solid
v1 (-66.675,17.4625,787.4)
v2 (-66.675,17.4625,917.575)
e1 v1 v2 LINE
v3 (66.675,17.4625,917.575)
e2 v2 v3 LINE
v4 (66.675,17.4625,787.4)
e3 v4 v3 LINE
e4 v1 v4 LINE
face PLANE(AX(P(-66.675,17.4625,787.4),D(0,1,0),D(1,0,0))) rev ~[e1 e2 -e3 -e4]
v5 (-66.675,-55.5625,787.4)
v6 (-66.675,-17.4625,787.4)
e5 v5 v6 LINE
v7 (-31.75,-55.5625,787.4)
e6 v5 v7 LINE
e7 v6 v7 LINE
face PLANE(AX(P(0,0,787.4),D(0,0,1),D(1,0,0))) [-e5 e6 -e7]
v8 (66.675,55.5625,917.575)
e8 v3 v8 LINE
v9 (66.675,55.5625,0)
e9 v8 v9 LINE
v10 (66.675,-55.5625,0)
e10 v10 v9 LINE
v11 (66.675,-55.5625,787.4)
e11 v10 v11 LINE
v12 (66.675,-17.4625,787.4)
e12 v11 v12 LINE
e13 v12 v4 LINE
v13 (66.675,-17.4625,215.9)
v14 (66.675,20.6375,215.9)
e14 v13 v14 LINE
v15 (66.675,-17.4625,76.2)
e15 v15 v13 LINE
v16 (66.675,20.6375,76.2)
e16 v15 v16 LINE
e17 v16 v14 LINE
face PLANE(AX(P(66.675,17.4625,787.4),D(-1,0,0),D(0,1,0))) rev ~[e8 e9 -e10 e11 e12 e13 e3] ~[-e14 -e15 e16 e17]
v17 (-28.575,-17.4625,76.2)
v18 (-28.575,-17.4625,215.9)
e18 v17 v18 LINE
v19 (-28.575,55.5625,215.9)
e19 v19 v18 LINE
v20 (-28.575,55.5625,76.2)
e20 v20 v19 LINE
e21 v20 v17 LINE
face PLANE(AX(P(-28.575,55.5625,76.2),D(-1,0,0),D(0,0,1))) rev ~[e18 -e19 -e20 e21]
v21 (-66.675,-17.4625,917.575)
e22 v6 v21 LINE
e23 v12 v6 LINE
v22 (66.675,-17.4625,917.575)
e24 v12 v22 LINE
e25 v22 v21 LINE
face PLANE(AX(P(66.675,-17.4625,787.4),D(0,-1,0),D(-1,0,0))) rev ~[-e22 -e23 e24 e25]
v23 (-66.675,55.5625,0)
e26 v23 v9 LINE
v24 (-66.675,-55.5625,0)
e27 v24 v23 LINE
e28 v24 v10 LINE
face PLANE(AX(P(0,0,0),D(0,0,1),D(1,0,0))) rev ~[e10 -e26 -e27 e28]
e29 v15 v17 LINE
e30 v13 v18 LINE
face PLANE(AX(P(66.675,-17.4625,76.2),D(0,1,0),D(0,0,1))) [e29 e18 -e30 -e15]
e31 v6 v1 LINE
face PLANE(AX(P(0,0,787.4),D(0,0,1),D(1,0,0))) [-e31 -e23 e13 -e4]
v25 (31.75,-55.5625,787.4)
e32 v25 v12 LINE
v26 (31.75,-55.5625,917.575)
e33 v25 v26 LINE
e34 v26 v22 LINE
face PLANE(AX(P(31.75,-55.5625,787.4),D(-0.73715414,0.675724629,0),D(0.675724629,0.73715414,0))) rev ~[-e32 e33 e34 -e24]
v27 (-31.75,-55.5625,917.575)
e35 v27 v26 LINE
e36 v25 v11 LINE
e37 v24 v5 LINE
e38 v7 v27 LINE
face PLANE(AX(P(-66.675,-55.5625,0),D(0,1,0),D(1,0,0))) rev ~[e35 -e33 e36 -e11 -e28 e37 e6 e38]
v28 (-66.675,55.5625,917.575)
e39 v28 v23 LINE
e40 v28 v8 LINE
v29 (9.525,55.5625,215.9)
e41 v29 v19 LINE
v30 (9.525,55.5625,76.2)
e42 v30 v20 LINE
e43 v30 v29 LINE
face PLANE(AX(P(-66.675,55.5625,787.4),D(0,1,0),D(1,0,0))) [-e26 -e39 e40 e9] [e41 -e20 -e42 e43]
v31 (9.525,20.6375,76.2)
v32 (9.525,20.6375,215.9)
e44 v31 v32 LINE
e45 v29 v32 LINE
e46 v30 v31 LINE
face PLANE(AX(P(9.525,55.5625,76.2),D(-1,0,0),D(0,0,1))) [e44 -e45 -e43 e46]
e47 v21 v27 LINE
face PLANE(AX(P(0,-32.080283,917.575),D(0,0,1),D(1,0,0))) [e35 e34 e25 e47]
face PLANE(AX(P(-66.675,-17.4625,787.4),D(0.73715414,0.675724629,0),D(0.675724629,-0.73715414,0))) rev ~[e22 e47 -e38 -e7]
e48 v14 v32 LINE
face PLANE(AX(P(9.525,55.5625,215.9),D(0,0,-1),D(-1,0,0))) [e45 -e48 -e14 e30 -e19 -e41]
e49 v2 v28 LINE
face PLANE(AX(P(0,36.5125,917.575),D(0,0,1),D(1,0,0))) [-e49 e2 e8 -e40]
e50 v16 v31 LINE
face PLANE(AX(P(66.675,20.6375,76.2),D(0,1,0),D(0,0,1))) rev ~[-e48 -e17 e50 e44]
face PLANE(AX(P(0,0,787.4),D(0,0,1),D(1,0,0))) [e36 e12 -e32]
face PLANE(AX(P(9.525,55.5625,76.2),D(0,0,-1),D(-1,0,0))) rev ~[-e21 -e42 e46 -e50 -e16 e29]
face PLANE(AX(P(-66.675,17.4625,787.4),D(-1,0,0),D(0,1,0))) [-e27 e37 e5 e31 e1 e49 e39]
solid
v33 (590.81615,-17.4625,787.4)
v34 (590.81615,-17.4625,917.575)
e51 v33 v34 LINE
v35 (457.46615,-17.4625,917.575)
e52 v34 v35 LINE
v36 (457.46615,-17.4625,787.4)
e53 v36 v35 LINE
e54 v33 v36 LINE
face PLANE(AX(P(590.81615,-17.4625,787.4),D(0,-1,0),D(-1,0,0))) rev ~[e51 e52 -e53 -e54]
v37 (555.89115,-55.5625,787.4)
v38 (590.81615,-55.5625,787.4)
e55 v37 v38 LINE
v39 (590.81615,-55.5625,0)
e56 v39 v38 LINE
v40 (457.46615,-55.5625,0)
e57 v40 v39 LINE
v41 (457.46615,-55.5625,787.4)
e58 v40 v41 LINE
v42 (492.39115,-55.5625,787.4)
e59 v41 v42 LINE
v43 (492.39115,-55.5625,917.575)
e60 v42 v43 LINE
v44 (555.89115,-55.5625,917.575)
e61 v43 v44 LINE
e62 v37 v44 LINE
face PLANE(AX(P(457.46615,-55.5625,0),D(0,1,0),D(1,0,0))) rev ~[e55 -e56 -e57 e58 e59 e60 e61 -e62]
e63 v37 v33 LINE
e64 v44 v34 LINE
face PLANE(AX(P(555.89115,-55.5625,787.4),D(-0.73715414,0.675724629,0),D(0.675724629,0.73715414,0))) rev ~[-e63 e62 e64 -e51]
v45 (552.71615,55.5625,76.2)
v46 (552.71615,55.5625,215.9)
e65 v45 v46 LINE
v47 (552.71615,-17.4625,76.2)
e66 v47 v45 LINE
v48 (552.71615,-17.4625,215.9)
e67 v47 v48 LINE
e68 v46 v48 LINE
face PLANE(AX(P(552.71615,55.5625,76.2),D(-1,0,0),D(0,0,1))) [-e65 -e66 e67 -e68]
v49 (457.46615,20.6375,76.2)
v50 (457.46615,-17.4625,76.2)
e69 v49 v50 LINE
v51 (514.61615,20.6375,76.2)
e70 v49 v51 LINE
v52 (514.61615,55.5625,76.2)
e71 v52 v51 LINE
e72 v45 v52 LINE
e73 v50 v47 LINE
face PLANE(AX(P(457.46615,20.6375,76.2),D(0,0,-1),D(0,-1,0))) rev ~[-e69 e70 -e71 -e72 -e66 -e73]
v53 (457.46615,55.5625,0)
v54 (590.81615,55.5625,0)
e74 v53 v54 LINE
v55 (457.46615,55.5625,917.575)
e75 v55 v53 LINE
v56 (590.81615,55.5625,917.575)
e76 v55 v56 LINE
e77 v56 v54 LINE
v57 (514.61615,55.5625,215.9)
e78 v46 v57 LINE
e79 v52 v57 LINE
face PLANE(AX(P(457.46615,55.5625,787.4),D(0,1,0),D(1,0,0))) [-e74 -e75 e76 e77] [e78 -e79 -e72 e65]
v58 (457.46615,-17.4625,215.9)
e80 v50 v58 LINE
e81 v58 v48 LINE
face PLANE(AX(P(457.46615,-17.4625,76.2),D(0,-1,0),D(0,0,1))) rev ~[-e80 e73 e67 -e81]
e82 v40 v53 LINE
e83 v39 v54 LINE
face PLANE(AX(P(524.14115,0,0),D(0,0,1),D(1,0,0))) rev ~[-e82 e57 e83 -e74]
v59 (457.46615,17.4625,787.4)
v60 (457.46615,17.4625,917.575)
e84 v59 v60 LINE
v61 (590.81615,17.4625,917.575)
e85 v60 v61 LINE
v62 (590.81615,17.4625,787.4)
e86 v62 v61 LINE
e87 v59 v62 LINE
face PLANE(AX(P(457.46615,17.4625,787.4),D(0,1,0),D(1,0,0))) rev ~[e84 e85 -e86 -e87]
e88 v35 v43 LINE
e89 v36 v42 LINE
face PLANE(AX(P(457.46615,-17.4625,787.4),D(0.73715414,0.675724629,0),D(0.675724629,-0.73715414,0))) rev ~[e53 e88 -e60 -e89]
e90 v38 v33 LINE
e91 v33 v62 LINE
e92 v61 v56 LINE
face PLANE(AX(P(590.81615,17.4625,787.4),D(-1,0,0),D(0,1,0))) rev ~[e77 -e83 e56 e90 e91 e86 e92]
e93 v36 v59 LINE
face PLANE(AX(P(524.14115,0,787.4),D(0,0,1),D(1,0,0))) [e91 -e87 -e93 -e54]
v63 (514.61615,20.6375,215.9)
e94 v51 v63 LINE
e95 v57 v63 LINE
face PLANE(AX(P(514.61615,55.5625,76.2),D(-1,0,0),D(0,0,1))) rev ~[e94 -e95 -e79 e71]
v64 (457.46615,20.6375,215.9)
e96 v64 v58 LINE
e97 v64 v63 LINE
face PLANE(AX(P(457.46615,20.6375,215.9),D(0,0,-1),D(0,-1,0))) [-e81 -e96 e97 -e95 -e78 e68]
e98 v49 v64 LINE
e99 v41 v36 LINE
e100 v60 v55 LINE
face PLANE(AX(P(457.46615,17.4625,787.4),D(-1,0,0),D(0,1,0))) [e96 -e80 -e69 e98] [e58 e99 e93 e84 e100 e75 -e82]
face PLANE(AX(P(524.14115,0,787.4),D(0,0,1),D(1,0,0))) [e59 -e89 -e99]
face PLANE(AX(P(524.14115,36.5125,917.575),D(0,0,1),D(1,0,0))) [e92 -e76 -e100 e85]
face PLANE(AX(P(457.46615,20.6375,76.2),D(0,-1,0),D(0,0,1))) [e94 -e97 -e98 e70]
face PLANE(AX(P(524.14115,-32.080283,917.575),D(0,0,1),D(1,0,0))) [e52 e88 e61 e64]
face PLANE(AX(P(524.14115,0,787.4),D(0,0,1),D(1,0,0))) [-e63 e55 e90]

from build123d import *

# Parameters (mm, degrees)
F0_W      = 133.35
F0_H      = 111.125
F1_DEPTH  = 787.4
F2_W      = 133.35
F2_H      = 38.1
F3_DEPTH  = 130.175
F5_W      = 38.1
F5_H      = 139.7
F6_DEPTH  = 95.25
F7_W      = 38.1
F7_H      = 139.7
F8_DEPTH  = 34.925
F10_W     = 38.1
F10_H     = 139.7
F11_DEPTH = 95.25
F9_W      = 38.1
F9_H      = 139.7
F12_DEPTH = 34.925


with BuildPart() as f1:
    # F0 (on Top) → F1 (new body)
    with BuildSketch(Plane.XY):
        Rectangle(F0_W, F0_H)
    extrude(amount=F1_DEPTH)

    # F2 (on face) → F3 (join)
    with BuildSketch(Plane.XY.offset(787.4)):
        with Locations((0, 36.5125)):
            Rectangle(F2_W, F2_H)
        Polygon((31.75, -55.5625), (66.675, -17.4625), (-66.675, -17.4625), (-31.75, -55.5625), align=None)
    extrude(amount=F3_DEPTH)


with BuildPart() as f4_1:
    # F4: copy of F1
    add(f1.part.moved(Location((524.14115, 0, 0))))

    # F10 (on face) → F11 (cut)
    with BuildSketch(Plane(origin=(457.46615, 0, 0), x_dir=(0, -1, 0), z_dir=(-1, 0, 0))):
        with Locations((-1.5875, 146.05)):
            Rectangle(F10_W, F10_H)
    extrude(amount=-F11_DEPTH, mode=Mode.SUBTRACT)

    # F9 (on face) → F12 (cut, through all)
    with BuildSketch(Plane(origin=(0, 55.5625, 0), x_dir=(-1, 0, 0), z_dir=(0, 1, 0))):
        with Locations((-533.66615, 146.05)):
            Rectangle(F9_W, F9_H)
    extrude(amount=-F12_DEPTH, mode=Mode.SUBTRACT)


with BuildPart() as f1_1:
    add(f1.part)

    # F5 (on face) → F6 (cut)
    with BuildSketch(Plane.YZ.offset(66.675)):
        with Locations((1.5875, 146.05)):
            Rectangle(F5_W, F5_H)
    extrude(amount=-F6_DEPTH, mode=Mode.SUBTRACT)

    # F7 (on face) → F8 (cut, through all)
    with BuildSketch(Plane(origin=(0, 55.5625, 0), x_dir=(-1, 0, 0), z_dir=(0, 1, 0))):
        with Locations((9.525, 146.05)):
            Rectangle(F7_W, F7_H)
    extrude(amount=-F8_DEPTH, mode=Mode.SUBTRACT)


solid = Compound([f4_1.part, f1_1.part])
